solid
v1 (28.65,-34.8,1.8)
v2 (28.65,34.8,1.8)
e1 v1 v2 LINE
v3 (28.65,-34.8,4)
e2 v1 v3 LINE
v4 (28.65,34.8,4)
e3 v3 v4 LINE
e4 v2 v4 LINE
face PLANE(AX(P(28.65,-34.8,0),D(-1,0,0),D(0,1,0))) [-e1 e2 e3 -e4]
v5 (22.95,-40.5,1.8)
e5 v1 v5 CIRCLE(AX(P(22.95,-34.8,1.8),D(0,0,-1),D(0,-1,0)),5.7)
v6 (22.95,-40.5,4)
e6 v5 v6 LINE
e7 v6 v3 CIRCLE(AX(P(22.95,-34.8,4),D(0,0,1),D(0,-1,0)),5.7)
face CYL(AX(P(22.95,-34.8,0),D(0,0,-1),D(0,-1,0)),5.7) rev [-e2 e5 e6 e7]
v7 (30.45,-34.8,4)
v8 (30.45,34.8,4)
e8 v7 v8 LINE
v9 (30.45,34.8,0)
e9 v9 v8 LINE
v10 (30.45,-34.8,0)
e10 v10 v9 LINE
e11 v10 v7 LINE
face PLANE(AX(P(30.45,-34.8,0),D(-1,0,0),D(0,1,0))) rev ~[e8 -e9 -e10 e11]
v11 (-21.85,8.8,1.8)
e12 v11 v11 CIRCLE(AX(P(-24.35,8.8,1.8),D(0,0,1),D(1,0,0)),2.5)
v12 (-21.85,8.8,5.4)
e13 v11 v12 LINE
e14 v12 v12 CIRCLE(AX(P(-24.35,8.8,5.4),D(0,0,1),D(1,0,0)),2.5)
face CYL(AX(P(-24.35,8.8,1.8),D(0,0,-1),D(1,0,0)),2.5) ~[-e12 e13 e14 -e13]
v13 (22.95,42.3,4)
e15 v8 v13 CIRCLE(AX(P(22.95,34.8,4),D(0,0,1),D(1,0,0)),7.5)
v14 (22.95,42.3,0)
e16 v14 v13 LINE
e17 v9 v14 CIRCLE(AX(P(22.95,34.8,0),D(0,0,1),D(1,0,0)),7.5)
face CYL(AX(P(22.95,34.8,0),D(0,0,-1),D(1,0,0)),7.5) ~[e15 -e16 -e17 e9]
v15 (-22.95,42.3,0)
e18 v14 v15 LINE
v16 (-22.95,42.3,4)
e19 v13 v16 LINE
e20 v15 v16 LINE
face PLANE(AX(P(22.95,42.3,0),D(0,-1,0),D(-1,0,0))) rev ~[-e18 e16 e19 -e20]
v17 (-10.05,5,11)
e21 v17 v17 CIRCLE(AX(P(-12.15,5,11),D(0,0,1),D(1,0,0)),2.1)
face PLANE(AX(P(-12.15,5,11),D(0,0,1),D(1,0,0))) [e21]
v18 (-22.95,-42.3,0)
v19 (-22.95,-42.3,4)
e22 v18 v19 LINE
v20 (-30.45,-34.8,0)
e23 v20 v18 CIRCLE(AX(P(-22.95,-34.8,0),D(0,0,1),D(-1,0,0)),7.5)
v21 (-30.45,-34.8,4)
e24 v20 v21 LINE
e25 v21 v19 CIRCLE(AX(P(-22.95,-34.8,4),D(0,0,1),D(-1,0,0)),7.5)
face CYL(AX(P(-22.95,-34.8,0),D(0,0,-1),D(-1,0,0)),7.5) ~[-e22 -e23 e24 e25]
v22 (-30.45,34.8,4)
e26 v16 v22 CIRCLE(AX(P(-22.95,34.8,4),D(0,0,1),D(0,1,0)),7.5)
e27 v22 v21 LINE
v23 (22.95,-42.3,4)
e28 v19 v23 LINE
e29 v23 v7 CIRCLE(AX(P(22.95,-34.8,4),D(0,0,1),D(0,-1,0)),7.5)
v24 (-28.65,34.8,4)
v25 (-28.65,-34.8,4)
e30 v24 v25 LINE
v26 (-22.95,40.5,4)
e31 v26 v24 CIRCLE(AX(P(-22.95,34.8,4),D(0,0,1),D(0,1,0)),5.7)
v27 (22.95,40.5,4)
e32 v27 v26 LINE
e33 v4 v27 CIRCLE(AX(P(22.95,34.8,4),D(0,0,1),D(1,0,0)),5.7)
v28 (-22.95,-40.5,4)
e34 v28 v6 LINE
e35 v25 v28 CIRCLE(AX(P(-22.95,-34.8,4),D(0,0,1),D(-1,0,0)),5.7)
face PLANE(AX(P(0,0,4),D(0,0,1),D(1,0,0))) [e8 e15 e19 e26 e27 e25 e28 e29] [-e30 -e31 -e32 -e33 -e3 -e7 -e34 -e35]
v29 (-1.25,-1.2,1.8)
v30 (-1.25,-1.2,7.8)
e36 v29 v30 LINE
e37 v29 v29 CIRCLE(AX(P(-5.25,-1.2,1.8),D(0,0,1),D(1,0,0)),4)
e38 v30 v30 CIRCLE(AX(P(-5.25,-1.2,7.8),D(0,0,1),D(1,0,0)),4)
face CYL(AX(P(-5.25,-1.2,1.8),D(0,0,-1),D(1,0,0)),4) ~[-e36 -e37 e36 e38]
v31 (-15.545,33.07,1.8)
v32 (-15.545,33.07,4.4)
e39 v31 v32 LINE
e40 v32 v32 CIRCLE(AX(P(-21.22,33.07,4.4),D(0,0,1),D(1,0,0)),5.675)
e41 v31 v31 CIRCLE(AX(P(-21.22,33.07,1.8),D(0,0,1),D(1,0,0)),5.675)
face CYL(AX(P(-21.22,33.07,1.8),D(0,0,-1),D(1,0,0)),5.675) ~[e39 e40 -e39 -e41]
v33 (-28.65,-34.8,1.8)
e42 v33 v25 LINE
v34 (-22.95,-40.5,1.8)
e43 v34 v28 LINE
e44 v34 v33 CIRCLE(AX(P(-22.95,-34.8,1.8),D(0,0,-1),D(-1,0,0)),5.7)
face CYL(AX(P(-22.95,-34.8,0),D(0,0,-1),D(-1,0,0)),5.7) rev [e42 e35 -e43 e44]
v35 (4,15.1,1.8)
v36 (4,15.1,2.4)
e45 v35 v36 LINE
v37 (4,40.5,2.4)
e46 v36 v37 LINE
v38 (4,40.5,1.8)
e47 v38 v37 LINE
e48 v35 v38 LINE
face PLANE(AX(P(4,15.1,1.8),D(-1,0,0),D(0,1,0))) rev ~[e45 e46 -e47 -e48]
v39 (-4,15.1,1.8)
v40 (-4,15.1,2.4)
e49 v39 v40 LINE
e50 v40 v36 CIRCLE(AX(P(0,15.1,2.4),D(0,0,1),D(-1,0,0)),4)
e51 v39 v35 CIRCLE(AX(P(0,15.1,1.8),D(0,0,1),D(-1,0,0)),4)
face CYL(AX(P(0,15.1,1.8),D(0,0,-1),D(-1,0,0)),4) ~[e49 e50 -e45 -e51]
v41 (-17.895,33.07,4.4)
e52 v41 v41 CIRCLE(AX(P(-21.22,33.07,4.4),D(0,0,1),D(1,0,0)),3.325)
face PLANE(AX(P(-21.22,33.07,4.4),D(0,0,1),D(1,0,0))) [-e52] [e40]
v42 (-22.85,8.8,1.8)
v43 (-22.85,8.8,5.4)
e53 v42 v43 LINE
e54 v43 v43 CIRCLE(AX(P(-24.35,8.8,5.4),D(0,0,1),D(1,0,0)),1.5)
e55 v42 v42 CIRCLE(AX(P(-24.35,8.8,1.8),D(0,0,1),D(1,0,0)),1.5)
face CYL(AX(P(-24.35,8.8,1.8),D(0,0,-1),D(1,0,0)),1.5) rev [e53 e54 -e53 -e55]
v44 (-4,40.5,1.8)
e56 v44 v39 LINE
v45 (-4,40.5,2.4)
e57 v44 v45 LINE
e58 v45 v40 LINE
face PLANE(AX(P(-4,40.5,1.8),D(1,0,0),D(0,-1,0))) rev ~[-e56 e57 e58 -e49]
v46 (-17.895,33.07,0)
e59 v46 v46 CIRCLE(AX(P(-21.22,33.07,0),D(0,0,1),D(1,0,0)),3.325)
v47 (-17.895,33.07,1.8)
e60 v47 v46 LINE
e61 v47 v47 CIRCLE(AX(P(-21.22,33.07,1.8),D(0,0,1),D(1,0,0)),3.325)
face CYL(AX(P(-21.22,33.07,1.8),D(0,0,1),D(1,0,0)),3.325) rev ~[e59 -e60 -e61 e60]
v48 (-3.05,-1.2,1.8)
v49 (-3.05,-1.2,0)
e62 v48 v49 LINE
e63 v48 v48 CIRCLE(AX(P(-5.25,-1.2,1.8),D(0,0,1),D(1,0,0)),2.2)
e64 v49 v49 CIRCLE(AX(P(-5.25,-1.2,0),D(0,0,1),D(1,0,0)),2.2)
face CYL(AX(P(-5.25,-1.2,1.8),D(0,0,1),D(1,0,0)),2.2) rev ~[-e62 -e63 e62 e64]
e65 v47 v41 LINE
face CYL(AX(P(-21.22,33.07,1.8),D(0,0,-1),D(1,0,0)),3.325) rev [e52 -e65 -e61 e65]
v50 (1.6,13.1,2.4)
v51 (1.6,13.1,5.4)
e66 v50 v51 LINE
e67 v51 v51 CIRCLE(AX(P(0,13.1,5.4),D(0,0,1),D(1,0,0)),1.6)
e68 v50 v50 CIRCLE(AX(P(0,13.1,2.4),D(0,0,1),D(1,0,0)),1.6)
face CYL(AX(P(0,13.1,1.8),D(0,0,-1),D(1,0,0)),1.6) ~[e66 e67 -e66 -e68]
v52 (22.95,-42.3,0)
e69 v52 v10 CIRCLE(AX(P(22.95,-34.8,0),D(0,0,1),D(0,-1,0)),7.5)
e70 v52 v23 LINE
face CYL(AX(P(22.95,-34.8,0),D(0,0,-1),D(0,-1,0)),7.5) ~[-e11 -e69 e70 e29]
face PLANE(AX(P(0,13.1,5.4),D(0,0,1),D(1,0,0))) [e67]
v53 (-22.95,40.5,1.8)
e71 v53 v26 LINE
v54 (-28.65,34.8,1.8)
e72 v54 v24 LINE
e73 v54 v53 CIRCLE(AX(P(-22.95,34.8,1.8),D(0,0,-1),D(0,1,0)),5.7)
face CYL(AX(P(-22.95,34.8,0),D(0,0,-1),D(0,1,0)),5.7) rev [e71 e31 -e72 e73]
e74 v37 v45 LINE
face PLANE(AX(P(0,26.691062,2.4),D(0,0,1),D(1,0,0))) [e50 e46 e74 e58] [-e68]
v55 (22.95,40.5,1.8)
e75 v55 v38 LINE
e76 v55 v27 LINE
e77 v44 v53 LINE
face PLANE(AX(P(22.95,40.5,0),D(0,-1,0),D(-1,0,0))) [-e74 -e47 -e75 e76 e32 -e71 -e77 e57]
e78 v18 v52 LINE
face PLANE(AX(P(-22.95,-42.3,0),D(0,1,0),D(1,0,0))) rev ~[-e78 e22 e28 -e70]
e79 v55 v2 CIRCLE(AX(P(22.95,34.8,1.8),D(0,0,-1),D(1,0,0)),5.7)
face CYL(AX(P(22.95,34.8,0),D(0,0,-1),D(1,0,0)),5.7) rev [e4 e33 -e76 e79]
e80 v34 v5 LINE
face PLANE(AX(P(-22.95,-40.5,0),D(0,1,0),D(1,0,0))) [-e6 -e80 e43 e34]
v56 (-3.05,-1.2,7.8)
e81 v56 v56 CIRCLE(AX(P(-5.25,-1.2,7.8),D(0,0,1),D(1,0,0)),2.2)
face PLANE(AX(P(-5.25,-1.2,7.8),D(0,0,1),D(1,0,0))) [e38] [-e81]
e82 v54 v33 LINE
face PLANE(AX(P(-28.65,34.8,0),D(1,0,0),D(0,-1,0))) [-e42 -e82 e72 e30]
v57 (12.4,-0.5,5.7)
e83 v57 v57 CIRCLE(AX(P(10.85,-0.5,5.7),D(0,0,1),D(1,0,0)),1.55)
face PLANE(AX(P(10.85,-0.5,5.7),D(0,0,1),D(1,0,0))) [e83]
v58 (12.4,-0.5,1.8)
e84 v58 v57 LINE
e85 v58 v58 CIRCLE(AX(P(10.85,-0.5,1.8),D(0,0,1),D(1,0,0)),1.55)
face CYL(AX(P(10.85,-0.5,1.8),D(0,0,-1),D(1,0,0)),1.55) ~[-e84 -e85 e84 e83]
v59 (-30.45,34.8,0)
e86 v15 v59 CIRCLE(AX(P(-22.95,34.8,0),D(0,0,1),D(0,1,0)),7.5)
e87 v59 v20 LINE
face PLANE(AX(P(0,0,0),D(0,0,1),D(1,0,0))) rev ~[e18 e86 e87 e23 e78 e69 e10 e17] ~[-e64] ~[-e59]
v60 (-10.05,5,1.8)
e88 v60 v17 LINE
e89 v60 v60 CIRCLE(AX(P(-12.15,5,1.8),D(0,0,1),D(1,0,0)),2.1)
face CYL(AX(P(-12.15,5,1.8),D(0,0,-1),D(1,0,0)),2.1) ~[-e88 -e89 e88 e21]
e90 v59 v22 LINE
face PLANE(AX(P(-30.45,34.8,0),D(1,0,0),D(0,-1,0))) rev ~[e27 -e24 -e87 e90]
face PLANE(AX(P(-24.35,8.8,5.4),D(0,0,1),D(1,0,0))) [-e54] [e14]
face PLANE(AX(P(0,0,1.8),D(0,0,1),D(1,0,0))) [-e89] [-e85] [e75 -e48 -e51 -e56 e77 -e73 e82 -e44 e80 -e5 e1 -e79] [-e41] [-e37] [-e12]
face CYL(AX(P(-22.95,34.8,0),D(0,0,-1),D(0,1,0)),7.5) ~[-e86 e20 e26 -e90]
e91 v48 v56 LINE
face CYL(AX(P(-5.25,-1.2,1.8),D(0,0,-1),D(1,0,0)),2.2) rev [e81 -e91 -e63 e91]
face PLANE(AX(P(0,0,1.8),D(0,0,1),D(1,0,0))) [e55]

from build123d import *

# Parameters (mm, degrees)
F1_DEPTH  = 4
F2_T      = -1.8
F3_R      = 3.325
F3_R_2    = 2.2
F4_DEPTH  = 1.801
F3_R_3    = 1.6
F5_DEPTH  = 0.6
F3_R_4    = 5.675
F6_DEPTH  = 2.6
F3_R_5    = 2.5
F3_R_6    = 1.5
F7_DEPTH  = 3.6
F3_R_7    = 1.55
F8_DEPTH  = 3.9
F3_R_8    = 4
F9_DEPTH  = 6
F3_R_9    = 2.1
F10_DEPTH = 9.2


with BuildPart() as f1:
    # F0 (on Top) → F1 (new body)
    with BuildSketch(Plane.XY):
        with BuildLine():
            Line((-22.95, -42.3), (22.95, -42.3))
            ThreePointArc((22.95, -42.3), (28.2533008589, -40.1033008589), (30.45, -34.8))
            Line((30.45, -34.8), (30.45, 34.8))
            ThreePointArc((30.45, 34.8), (28.2533008589, 40.1033008589), (22.95, 42.3))
            Line((22.95, 42.3), (-22.95, 42.3))
            ThreePointArc((-22.95, 42.3), (-28.2533008589, 40.1033008589), (-30.45, 34.8))
            Line((-30.45, 34.8), (-30.45, -34.8))
            ThreePointArc((-30.45, -34.8), (-28.2533008589, -40.1033008589), (-22.95, -42.3))
        make_face()
    extrude(amount=F1_DEPTH)

    # F2
    f2_openings = [f1.faces().sort_by_distance(p)[0] for p in [
        (0, 0, 4),
    ]]
    offset(amount=F2_T, openings=f2_openings)

    # F3 (on face) → F4 (cut, through all)
    with BuildSketch(Plane.XY.offset(1.8)):
        with Locations((-21.22, 33.07)):
            Circle(F3_R)
        with Locations((-5.25, -1.2)):
            Circle(F3_R_2)
    extrude(amount=-F4_DEPTH, mode=Mode.SUBTRACT)

    # F3 (on face) → F5 (join)
    with BuildSketch(Plane.XY.offset(1.8)):
        with BuildLine():
            ThreePointArc((-4, 15.1), (0, 11.1), (4, 15.1))
            Line((4, 15.1), (4, 40.5))
            Line((4, 40.5), (-4, 40.5))
            Line((-4, 40.5), (-4, 15.1))
        make_face()
        with Locations((0, 13.1)):
            Circle(F3_R_3, mode=Mode.SUBTRACT)
    extrude(amount=F5_DEPTH)

    # F3 (on face) → F6 (join)
    with BuildSketch(Plane.XY.offset(1.8)):
        with Locations((-21.22, 33.07)):
            Circle(F3_R_4)
        with Locations((-21.22, 33.07)):
            Circle(F3_R, mode=Mode.SUBTRACT)
    extrude(amount=F6_DEPTH)

    # F3 (on face) → F7 (join)
    with BuildSketch(Plane.XY.offset(1.8)):
        with Locations((0, 13.1)):
            Circle(F3_R_3)
        with Locations((-24.35, 8.8)):
            Circle(F3_R_5)
        with Locations((-24.35, 8.8)):
            Circle(F3_R_6, mode=Mode.SUBTRACT)
    extrude(amount=F7_DEPTH)

    # F3 (on face) → F8 (join)
    with BuildSketch(Plane.XY.offset(1.8)):
        with Locations((10.85, -0.5)):
            Circle(F3_R_7)
    extrude(amount=F8_DEPTH)

    # F3 (on face) → F9 (join)
    with BuildSketch(Plane.XY.offset(1.8)):
        with Locations((-5.25, -1.2)):
            Circle(F3_R_8)
        with Locations((-5.25, -1.2)):
            Circle(F3_R_2, mode=Mode.SUBTRACT)
    extrude(amount=F9_DEPTH)

    # F3 (on face) → F10 (join)
    with BuildSketch(Plane.XY.offset(1.8)):
        with Locations((-12.15, 5)):
            Circle(F3_R_9)
    extrude(amount=F10_DEPTH)


solid = f1.part
